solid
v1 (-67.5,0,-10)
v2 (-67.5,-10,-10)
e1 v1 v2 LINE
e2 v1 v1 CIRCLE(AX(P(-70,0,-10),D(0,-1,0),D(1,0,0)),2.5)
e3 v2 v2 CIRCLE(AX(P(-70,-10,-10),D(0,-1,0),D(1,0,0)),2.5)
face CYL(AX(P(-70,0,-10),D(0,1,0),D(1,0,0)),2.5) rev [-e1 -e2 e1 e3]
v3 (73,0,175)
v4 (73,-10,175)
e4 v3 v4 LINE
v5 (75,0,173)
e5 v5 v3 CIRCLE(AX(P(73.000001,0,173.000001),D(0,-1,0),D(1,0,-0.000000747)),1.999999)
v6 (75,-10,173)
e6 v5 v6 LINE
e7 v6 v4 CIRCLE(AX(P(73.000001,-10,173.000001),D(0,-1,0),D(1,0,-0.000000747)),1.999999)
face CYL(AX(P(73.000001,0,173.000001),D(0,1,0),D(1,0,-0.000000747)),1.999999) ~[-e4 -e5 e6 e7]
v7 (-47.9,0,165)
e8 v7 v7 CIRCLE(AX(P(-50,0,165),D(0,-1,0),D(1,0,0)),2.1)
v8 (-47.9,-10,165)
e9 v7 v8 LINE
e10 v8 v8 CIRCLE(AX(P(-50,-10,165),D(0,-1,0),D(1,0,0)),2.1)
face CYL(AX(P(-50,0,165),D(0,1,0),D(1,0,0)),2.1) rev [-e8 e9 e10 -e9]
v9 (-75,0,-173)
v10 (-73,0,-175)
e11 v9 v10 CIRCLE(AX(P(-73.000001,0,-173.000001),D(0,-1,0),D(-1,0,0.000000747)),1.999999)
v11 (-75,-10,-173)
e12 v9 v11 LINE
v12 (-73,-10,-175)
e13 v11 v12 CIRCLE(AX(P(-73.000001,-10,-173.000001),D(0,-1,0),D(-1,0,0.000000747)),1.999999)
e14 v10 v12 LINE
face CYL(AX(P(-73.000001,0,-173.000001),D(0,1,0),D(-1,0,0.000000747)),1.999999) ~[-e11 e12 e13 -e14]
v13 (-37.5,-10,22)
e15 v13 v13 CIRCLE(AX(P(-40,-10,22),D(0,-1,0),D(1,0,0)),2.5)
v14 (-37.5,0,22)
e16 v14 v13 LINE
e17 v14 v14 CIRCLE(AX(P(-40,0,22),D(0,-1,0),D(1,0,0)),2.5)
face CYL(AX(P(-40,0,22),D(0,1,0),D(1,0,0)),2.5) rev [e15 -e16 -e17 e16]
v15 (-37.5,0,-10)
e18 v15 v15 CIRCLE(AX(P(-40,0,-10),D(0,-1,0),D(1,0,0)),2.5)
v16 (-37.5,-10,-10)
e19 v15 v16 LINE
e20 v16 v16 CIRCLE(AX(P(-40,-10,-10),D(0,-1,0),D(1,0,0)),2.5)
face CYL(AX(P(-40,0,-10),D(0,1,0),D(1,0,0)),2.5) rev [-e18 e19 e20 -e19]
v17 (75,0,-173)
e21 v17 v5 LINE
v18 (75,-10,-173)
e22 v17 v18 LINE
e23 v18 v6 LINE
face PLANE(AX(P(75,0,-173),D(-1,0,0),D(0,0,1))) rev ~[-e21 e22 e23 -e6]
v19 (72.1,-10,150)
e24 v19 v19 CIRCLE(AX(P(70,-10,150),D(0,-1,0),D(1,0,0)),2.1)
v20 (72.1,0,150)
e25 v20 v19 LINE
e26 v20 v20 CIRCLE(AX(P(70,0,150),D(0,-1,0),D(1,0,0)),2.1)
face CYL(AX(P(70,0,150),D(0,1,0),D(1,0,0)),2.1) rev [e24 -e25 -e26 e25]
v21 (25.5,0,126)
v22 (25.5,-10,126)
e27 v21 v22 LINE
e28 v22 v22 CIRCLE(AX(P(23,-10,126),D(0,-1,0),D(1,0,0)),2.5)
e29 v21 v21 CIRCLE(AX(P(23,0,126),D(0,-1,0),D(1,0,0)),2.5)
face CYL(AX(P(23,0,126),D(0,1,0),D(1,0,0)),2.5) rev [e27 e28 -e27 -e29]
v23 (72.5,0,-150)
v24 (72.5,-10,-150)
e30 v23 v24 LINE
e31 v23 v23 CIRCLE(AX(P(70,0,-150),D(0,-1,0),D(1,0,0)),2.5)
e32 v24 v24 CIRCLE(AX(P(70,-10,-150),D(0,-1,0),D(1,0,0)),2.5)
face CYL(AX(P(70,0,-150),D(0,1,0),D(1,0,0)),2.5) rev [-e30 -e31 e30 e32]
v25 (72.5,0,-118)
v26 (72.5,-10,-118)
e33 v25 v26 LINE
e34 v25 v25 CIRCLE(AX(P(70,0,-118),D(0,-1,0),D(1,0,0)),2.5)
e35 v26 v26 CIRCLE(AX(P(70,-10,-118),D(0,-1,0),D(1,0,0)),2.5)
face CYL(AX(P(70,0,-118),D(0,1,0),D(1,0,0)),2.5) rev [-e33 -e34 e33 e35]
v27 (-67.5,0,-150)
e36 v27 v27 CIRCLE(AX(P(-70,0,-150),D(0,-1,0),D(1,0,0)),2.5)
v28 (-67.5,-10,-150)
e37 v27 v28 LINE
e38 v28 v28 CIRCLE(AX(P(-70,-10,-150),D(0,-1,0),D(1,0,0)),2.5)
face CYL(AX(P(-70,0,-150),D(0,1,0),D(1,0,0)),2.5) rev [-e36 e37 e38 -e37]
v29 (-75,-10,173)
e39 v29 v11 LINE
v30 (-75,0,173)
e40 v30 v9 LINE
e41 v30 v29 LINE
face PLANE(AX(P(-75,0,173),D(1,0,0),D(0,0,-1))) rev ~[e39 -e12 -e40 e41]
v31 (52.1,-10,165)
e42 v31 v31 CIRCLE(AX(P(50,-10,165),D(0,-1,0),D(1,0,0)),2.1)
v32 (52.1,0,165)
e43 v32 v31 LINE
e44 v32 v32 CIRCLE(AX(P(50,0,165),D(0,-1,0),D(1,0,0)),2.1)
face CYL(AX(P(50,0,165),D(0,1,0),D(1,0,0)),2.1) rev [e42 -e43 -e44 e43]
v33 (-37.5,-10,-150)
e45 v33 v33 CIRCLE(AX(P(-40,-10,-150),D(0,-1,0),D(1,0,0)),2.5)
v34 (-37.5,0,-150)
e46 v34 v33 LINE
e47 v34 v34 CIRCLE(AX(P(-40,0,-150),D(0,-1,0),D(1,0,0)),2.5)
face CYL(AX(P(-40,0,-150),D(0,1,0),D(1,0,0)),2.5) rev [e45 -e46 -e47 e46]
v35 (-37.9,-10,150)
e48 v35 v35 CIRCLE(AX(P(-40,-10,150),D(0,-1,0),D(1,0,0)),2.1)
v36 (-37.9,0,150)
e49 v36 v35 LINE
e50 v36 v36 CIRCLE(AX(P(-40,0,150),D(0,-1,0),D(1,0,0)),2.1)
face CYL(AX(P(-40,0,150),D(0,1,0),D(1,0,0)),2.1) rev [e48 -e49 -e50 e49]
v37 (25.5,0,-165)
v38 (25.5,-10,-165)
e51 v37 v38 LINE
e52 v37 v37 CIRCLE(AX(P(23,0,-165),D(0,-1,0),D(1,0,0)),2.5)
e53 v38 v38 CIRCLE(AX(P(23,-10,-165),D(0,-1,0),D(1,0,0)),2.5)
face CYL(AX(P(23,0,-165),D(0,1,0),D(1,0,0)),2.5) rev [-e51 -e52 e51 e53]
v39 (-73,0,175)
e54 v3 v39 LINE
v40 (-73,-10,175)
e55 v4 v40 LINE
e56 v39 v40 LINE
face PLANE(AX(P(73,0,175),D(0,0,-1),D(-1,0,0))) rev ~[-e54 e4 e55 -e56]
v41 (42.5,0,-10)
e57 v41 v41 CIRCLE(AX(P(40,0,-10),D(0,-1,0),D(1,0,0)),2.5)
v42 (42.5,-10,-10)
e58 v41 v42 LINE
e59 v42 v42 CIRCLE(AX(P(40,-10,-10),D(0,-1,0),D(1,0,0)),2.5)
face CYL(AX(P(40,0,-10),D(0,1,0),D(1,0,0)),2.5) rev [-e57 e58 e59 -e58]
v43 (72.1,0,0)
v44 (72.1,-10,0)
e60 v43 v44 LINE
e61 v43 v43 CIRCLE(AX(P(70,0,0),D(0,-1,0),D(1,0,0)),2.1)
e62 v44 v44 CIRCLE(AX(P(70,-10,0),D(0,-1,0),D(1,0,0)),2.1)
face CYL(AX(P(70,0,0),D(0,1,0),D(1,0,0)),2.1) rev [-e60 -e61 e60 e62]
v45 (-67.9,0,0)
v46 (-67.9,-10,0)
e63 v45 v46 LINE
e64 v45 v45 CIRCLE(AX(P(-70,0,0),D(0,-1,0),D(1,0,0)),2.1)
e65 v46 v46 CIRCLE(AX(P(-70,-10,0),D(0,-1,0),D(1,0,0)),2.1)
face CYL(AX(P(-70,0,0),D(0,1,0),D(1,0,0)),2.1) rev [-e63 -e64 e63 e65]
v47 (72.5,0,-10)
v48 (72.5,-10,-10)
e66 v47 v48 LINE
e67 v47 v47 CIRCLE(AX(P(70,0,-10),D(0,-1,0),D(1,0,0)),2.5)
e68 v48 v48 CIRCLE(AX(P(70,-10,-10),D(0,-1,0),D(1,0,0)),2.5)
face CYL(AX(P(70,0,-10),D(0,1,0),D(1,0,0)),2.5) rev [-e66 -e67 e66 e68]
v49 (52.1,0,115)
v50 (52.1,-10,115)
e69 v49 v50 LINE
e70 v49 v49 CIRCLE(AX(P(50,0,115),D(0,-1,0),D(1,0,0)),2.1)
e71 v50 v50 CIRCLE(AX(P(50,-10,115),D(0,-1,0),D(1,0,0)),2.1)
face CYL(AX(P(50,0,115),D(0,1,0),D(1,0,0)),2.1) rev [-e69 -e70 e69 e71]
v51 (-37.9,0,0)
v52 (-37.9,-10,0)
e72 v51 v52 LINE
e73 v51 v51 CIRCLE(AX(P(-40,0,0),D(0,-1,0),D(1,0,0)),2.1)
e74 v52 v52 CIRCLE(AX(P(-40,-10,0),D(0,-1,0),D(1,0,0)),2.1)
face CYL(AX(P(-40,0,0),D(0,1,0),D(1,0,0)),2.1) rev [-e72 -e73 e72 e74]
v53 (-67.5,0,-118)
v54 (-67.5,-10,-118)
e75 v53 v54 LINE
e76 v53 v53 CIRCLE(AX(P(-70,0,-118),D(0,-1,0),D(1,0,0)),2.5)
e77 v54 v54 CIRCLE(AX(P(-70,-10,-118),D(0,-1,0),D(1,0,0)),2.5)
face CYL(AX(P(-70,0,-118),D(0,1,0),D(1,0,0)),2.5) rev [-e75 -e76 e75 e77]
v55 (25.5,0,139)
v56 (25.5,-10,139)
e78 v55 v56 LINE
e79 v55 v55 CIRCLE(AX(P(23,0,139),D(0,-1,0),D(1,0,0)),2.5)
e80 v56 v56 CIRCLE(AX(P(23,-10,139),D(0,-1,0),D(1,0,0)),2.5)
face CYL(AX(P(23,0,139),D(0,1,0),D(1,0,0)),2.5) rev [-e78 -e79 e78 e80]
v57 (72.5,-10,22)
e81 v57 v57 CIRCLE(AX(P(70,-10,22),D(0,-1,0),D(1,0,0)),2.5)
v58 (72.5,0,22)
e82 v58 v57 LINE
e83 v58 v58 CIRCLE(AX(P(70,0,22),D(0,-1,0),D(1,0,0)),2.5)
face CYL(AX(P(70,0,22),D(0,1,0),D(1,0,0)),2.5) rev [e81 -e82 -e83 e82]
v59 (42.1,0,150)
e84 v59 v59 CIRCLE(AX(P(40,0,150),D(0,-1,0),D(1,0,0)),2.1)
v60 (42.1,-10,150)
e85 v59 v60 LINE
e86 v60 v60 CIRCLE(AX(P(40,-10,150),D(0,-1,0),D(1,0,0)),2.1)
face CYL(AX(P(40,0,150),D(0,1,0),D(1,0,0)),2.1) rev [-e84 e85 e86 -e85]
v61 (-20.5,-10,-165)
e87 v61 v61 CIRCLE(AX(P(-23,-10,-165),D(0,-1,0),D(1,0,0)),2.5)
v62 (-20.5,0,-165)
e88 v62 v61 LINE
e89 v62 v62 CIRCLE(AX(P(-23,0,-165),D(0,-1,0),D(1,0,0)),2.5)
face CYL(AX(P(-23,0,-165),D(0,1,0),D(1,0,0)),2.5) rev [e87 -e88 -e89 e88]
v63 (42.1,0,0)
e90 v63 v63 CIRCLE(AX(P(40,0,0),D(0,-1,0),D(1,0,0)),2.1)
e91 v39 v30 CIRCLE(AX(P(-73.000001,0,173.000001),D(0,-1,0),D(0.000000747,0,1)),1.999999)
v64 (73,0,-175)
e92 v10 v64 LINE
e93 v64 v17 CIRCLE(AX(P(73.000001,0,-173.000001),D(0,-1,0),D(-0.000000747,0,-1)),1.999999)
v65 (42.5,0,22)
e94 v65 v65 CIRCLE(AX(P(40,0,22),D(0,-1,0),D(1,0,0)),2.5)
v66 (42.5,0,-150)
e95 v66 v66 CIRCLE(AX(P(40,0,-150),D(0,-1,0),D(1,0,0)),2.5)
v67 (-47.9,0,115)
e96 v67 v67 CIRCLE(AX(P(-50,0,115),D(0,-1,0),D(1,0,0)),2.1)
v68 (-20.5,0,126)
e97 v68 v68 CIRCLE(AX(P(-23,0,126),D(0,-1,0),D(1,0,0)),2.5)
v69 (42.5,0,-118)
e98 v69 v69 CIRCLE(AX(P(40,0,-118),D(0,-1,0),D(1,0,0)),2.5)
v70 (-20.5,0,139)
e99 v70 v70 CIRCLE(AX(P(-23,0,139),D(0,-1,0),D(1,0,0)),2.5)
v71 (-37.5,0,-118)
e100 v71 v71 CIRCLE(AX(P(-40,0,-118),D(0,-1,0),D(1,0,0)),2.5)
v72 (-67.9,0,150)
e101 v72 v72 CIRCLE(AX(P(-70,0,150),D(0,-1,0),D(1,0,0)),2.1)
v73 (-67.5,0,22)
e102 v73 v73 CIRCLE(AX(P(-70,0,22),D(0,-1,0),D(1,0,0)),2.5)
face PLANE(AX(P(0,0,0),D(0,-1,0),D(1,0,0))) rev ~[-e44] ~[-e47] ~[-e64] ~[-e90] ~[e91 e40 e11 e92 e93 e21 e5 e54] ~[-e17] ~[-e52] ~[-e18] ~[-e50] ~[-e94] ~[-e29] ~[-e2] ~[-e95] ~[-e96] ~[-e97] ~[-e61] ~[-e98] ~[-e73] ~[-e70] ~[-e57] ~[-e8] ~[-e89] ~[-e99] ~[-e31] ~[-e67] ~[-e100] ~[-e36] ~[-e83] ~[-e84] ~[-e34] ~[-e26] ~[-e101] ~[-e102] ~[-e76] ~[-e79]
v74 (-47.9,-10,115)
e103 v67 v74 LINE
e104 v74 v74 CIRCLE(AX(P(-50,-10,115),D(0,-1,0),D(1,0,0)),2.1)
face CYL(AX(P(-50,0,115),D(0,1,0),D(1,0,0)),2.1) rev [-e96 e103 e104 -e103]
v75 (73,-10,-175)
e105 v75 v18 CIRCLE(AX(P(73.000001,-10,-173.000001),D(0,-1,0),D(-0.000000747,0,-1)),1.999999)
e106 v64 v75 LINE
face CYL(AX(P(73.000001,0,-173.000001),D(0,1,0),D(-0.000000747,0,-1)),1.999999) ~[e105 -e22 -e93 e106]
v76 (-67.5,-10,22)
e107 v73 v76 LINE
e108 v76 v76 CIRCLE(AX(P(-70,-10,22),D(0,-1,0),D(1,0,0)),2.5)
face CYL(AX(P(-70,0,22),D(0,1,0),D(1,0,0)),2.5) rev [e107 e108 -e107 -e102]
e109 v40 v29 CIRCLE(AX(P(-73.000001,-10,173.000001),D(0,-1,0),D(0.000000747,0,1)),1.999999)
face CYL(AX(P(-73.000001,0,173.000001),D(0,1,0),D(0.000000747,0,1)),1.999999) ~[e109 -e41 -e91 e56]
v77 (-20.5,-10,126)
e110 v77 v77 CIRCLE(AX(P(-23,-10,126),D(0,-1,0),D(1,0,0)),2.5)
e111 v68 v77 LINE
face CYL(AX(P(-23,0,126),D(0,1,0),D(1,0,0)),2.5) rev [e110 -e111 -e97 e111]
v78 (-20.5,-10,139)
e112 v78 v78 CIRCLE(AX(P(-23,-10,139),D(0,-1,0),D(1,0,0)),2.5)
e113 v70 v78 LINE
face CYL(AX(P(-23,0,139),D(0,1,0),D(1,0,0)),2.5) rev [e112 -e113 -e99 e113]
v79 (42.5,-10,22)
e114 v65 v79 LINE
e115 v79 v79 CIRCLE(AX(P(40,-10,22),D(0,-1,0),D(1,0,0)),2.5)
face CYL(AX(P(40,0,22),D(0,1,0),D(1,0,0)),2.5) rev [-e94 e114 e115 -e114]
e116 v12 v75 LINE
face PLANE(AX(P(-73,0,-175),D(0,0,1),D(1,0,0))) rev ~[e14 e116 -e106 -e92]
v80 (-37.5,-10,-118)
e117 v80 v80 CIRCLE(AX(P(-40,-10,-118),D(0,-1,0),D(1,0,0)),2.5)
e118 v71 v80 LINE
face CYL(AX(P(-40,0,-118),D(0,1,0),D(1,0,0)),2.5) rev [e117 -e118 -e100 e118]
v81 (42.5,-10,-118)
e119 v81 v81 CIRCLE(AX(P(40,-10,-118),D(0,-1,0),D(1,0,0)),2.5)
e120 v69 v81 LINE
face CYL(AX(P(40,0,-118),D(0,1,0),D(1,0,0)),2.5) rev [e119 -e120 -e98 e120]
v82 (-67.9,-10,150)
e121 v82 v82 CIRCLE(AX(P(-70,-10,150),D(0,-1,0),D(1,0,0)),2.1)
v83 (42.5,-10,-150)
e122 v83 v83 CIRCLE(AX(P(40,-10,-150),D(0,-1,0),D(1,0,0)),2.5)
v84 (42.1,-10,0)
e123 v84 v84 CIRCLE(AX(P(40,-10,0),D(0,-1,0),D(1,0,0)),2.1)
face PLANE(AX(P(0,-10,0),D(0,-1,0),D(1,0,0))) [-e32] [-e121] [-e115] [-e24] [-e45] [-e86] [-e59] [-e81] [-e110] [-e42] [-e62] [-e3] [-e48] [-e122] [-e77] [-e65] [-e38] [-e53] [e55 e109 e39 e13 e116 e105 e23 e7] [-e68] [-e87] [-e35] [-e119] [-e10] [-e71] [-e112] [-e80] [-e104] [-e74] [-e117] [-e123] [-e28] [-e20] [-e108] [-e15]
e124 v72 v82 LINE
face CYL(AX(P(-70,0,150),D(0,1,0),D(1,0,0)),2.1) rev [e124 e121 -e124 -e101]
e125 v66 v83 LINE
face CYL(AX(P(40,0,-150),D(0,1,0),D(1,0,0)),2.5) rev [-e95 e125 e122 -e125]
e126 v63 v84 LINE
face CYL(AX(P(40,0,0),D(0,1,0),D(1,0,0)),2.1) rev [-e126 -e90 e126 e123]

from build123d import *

# Parameters (mm, degrees)
F0_R     = 2.5
F0_R_2   = 2.1
F1_DEPTH = 10


with BuildPart() as f1:
    # F0 (on Front) → F1 (new body)
    with BuildSketch(Plane.XZ):
        with BuildLine():
            Line((73, 175), (-73, 175))
            ThreePointArc((-73, 175), (-74.414214, 174.414214), (-75, 173))
            Line((-75, 173), (-75, -173))
            ThreePointArc((-75, -173), (-74.414214, -174.414214), (-73, -175))
            Line((-73, -175), (73, -175))
            ThreePointArc((73, -175), (74.414214, -174.414214), (75, -173))
            Line((75, -173), (75, 173))
            ThreePointArc((75, 173), (74.414214, 174.414214), (73, 175))
        make_face()
        with Locations((-70, -150)):
            Circle(F0_R, mode=Mode.SUBTRACT)
        with Locations((-40, -150)):
            Circle(F0_R, mode=Mode.SUBTRACT)
        with Locations((-70, -118)):
            Circle(F0_R, mode=Mode.SUBTRACT)
        with Locations((-40, -118)):
            Circle(F0_R, mode=Mode.SUBTRACT)
        with Locations((-23, -165)):
            Circle(F0_R, mode=Mode.SUBTRACT)
        with Locations((-70, -10)):
            Circle(F0_R, mode=Mode.SUBTRACT)
        with Locations((-40, -10)):
            Circle(F0_R, mode=Mode.SUBTRACT)
        with Locations((23, -165)):
            Circle(F0_R, mode=Mode.SUBTRACT)
        with Locations((40, -150)):
            Circle(F0_R, mode=Mode.SUBTRACT)
        with Locations((70, -150)):
            Circle(F0_R, mode=Mode.SUBTRACT)
        with Locations((40, -118)):
            Circle(F0_R, mode=Mode.SUBTRACT)
        with Locations((70, -118)):
            Circle(F0_R, mode=Mode.SUBTRACT)
        with Locations((40, -10)):
            Circle(F0_R, mode=Mode.SUBTRACT)
        with Locations((70, -10)):
            Circle(F0_R, mode=Mode.SUBTRACT)
        with Locations((-70, 0)):
            Circle(F0_R_2, mode=Mode.SUBTRACT)
        with Locations((-70, 22)):
            Circle(F0_R, mode=Mode.SUBTRACT)
        with Locations((-40, 0)):
            Circle(F0_R_2, mode=Mode.SUBTRACT)
        with Locations((-40, 22)):
            Circle(F0_R, mode=Mode.SUBTRACT)
        with Locations((-50, 115)):
            Circle(F0_R_2, mode=Mode.SUBTRACT)
        with Locations((-70, 150)):
            Circle(F0_R_2, mode=Mode.SUBTRACT)
        with Locations((-40, 150)):
            Circle(F0_R_2, mode=Mode.SUBTRACT)
        with Locations((-50, 165)):
            Circle(F0_R_2, mode=Mode.SUBTRACT)
        with Locations((-23, 126)):
            Circle(F0_R, mode=Mode.SUBTRACT)
        with Locations((-23, 139)):
            Circle(F0_R, mode=Mode.SUBTRACT)
        with Locations((40, 0)):
            Circle(F0_R_2, mode=Mode.SUBTRACT)
        with Locations((40, 22)):
            Circle(F0_R, mode=Mode.SUBTRACT)
        with Locations((70, 0)):
            Circle(F0_R_2, mode=Mode.SUBTRACT)
        with Locations((70, 22)):
            Circle(F0_R, mode=Mode.SUBTRACT)
        with Locations((23, 126)):
            Circle(F0_R, mode=Mode.SUBTRACT)
        with Locations((23, 139)):
            Circle(F0_R, mode=Mode.SUBTRACT)
        with Locations((50, 115)):
            Circle(F0_R_2, mode=Mode.SUBTRACT)
        with Locations((40, 150)):
            Circle(F0_R_2, mode=Mode.SUBTRACT)
        with Locations((50, 165)):
            Circle(F0_R_2, mode=Mode.SUBTRACT)
        with Locations((70, 150)):
            Circle(F0_R_2, mode=Mode.SUBTRACT)
    extrude(amount=F1_DEPTH)


solid = f1.part
